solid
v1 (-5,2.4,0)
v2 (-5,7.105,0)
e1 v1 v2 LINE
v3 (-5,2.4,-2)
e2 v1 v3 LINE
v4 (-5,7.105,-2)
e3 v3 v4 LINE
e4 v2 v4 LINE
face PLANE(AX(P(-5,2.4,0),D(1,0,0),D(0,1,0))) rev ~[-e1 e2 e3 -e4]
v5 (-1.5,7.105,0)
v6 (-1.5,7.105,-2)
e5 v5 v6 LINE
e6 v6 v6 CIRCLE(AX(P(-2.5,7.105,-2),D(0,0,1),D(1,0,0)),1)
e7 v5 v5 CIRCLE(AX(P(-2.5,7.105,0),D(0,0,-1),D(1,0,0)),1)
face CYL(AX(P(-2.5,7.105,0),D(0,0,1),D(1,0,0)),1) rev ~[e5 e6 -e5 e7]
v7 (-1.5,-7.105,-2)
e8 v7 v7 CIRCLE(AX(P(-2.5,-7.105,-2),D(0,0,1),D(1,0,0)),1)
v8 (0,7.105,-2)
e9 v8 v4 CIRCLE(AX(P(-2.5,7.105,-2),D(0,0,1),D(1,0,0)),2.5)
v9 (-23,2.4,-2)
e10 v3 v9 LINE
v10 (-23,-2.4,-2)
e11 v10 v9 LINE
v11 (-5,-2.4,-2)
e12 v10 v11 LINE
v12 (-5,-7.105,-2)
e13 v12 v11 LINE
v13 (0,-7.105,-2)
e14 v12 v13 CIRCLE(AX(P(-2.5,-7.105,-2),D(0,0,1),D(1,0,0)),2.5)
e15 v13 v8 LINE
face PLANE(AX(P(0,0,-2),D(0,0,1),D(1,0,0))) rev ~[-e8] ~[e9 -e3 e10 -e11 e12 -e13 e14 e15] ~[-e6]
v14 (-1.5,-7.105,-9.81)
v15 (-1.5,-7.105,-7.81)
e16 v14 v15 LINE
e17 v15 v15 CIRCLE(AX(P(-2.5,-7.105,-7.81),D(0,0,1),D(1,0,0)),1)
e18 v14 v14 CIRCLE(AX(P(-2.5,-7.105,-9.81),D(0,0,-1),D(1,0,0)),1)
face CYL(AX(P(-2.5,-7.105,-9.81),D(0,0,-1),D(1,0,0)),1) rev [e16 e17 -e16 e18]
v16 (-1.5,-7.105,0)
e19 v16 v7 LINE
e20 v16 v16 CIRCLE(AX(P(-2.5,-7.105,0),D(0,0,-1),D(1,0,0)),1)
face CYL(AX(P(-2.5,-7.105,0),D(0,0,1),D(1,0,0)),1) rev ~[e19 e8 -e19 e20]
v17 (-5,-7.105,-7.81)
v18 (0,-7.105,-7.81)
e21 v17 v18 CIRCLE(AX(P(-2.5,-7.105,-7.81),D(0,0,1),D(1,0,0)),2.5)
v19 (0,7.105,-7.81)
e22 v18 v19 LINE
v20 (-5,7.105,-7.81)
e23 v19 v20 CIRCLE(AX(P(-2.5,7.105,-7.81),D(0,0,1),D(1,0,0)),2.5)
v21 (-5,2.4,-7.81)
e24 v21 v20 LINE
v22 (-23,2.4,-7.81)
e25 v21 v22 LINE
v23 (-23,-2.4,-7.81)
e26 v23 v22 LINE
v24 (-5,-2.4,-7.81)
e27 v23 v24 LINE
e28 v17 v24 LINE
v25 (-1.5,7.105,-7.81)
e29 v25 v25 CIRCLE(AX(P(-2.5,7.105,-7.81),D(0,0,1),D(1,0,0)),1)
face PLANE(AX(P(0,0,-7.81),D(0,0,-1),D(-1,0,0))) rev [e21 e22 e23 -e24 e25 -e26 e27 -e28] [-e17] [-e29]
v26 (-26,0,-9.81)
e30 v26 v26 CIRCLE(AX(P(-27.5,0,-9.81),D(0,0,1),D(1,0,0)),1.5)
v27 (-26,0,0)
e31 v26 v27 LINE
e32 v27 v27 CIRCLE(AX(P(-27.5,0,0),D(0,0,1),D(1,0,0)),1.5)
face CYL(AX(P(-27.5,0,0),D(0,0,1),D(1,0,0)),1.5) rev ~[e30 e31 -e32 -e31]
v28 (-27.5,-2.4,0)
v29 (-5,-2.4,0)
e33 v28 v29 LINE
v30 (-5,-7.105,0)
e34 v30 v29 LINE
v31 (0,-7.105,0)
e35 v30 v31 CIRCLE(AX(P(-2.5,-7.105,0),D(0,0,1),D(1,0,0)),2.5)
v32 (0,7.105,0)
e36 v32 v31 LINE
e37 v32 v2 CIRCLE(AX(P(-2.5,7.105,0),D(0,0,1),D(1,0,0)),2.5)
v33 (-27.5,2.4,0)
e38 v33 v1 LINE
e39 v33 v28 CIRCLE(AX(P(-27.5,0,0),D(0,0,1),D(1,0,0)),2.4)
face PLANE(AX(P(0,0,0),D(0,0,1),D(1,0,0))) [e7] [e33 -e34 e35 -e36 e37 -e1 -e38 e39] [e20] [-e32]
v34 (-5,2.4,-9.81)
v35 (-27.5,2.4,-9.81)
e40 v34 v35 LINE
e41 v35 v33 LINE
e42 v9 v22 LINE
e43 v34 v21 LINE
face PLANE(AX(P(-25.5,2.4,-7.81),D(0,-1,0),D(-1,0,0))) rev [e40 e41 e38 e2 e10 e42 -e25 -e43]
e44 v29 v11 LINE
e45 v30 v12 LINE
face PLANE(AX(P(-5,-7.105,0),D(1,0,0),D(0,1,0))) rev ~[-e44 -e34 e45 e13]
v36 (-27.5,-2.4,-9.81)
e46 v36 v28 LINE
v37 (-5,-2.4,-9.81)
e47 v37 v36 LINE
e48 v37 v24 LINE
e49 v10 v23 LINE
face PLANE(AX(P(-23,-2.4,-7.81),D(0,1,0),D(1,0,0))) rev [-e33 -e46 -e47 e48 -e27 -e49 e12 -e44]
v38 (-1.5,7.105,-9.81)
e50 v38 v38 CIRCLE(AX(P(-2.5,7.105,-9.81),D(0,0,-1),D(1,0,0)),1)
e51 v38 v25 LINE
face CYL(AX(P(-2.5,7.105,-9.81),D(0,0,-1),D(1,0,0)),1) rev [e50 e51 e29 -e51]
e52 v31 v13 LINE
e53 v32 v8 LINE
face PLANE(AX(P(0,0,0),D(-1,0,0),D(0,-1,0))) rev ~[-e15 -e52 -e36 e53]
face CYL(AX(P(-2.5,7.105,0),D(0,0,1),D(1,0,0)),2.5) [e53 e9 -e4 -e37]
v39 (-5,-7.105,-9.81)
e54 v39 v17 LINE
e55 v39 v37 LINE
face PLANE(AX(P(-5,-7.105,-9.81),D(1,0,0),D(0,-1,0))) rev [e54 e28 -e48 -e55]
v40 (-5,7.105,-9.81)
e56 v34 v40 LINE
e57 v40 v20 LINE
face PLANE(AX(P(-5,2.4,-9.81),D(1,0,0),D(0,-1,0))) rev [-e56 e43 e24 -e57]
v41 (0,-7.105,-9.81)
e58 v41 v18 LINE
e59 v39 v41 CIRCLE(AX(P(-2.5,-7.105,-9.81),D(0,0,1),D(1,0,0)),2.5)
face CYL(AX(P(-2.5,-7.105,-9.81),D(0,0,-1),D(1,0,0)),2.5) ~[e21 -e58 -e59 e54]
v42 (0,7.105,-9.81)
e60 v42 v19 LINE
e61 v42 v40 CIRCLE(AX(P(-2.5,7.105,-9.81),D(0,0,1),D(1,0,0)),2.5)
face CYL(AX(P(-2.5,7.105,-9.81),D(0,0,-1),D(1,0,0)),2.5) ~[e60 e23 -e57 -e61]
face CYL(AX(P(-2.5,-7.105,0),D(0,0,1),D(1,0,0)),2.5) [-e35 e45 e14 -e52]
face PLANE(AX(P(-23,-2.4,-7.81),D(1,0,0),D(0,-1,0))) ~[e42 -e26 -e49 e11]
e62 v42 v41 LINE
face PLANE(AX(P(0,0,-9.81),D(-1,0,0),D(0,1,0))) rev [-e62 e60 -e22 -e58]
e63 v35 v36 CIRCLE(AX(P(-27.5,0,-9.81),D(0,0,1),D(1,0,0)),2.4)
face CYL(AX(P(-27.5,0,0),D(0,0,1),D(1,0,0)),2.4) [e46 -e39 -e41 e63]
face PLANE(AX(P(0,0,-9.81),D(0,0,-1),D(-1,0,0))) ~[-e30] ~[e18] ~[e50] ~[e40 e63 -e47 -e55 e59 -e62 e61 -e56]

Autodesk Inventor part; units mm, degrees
ref_plane "YZ Plane" through (0, 0, 0) normal (1, 0, 0) x (0, 1, 0)
ref_plane "XZ Plane" through (0, 0, 0) normal (0, 1, 0) x (-1, 0, 0)
ref_plane "XY Plane" through (0, 0, 0) normal (0, 0, 1) x (1, 0, 0)
sketch "Sketch1" plane through (0, 0, 0) normal (0, 0, 1) x (1, 0, 0)
  line L0 (0, 0) -> (0, 7.105)
  line L1 (0, 0) -> (0, -7.105)
  line L2 (0, -7.105) -> (-5, -7.105)
  line L3 (-5, -7.105) -> (-5, 7.105)
  line L4 (0, 7.105) -> (-5, 7.105)
  circle A0 centre (-2.5, -7.105) radius 2.5
  circle A1 centre (-2.5, 7.105) radius 2.5
  circle A2 centre (-2.5, -7.105) radius 1
  circle A3 centre (-2.5, 7.105) radius 1
  line L5 (-5, 0) -> (-5, 2.4)
  line L6 (-5, 2.4) -> (-25.5, 2.4)
  line L7 (-25.5, 2.4) -> (-25.5, -2.4)
  line L8 (-25.5, -2.4) -> (-5, -2.4)
  dimension "d0" = 7.105
  dimension "d1" = 7.105
  dimension "d2" = 5
  dimension "d3" = 5
  dimension "d4" = 5
  dimension "d5" = 2
  dimension "d6" = 2
  dimension "d7" = 2.4
  dimension "d8" = 20.5
  dimension "d9" = 4.8
extrude "Extrusion1" add sketch "Sketch1" against normal blind 2 contours L1 A0 L3 A1 L0 | A1 L4 A3 | L4 A3 A1 | A0 L2 A2 | L2 A2 A0 | L3 L8 L7 L6
sketch "Sketch2" plane through (0, 0, -2) normal (0, 0, -1) x (-1, 0, 0)
  line L0 (0, 7.105) -> (0, -7.105) projected
  arc A0 (0, -7.105) -> (5, -7.105) centre (2.5, -7.105) ccw projected
  line L1 (5, -7.105) -> (5, -2.4) projected
  line L2 (5, -2.4) -> (25.5, -2.4) projected
  line L3 (25.5, -2.4) -> (25.5, 2.4) projected
  line L4 (25.5, 2.4) -> (5, 2.4) projected
  line L5 (5, 2.4) -> (5, 7.105) projected
  arc A1 (5, 7.105) -> (0, 7.105) centre (2.5, 7.105) ccw projected
  circle A2 centre (2.5, -7.105) radius 1 projected
  circle A3 centre (2.5, 7.105) radius 1 projected
  line L6 (23, 2.4) -> (25.5, 2.4)
  line L7 (25.5, 2.4) -> (25.5, -2.4)
  line L8 (25.5, -2.4) -> (23, -2.4)
  line L9 (23, -2.4) -> (23, 2.4)
  point P0 (0, 0)
  point P1 (23, -2.4)
  dimension "d26" = 2.5
extrude "Extrusion2" add sketch "Sketch2" along normal blind 2.905 contours L4 L3 L2 L9
sketch "Sketch4" plane through (0, 0, 0) normal (0, 0, 1) x (1, 0, 0)
  arc A0 (0, 7.105) -> (-5, 7.105) centre (-2.5, 7.105) ccw projected
  line L0 (-5, 7.105) -> (-5, 2.4) projected
  line L1 (-5, 2.4) -> (-25.5, 2.4) projected
  line L2 (-25.5, 2.4) -> (-25.5, -2.4) projected
  line L3 (-25.5, -2.4) -> (-5, -2.4) projected
  line L4 (-5, -2.4) -> (-5, -7.105) projected
  arc A1 (-5, -7.105) -> (0, -7.105) centre (-2.5, -7.105) ccw projected
  line L5 (0, -7.105) -> (0, 7.105) projected
  circle A2 centre (-2.5, -7.105) radius 1 projected
  circle A3 centre (-2.5, 7.105) radius 1 projected
  line L6 (-25.5, 0) -> (-27.5, 0)
  circle A4 centre (-27.5, 0) radius 1.5
  circle A5 centre (-27.5, 0) radius 2.4
  line L7 (-25.5, -2.4) -> (-27.5, -2.4)
  line L8 (-25.5, 2.4) -> (-27.5, 2.4)
  point P0 (0, 0)
  dimension "d21" = 2
  dimension "d22" = 3
  dimension "d23" = 4.8
extrude "Extrusion4" add sketch "Sketch4" against normal up to surface (4.905 mm away) contours L2 A5 L8 | L2 A5 | L7 A5 L2 picked at (-25.6812, 0.5619)
mirror "Mirror2" about plane through (-24.25, 0, -4.905) normal (0, 0, -1) of "Extrusion1", "Extrusion2", "Extrusion4"
equation "\"d1\" = d0"
equation "\"d3\" = d2"
equation "\"d4\" = d2"
equation "\"d6\" = d5"
equation "\"d9\" = 2 * d7"
properties part number "PistonPivotTop"
